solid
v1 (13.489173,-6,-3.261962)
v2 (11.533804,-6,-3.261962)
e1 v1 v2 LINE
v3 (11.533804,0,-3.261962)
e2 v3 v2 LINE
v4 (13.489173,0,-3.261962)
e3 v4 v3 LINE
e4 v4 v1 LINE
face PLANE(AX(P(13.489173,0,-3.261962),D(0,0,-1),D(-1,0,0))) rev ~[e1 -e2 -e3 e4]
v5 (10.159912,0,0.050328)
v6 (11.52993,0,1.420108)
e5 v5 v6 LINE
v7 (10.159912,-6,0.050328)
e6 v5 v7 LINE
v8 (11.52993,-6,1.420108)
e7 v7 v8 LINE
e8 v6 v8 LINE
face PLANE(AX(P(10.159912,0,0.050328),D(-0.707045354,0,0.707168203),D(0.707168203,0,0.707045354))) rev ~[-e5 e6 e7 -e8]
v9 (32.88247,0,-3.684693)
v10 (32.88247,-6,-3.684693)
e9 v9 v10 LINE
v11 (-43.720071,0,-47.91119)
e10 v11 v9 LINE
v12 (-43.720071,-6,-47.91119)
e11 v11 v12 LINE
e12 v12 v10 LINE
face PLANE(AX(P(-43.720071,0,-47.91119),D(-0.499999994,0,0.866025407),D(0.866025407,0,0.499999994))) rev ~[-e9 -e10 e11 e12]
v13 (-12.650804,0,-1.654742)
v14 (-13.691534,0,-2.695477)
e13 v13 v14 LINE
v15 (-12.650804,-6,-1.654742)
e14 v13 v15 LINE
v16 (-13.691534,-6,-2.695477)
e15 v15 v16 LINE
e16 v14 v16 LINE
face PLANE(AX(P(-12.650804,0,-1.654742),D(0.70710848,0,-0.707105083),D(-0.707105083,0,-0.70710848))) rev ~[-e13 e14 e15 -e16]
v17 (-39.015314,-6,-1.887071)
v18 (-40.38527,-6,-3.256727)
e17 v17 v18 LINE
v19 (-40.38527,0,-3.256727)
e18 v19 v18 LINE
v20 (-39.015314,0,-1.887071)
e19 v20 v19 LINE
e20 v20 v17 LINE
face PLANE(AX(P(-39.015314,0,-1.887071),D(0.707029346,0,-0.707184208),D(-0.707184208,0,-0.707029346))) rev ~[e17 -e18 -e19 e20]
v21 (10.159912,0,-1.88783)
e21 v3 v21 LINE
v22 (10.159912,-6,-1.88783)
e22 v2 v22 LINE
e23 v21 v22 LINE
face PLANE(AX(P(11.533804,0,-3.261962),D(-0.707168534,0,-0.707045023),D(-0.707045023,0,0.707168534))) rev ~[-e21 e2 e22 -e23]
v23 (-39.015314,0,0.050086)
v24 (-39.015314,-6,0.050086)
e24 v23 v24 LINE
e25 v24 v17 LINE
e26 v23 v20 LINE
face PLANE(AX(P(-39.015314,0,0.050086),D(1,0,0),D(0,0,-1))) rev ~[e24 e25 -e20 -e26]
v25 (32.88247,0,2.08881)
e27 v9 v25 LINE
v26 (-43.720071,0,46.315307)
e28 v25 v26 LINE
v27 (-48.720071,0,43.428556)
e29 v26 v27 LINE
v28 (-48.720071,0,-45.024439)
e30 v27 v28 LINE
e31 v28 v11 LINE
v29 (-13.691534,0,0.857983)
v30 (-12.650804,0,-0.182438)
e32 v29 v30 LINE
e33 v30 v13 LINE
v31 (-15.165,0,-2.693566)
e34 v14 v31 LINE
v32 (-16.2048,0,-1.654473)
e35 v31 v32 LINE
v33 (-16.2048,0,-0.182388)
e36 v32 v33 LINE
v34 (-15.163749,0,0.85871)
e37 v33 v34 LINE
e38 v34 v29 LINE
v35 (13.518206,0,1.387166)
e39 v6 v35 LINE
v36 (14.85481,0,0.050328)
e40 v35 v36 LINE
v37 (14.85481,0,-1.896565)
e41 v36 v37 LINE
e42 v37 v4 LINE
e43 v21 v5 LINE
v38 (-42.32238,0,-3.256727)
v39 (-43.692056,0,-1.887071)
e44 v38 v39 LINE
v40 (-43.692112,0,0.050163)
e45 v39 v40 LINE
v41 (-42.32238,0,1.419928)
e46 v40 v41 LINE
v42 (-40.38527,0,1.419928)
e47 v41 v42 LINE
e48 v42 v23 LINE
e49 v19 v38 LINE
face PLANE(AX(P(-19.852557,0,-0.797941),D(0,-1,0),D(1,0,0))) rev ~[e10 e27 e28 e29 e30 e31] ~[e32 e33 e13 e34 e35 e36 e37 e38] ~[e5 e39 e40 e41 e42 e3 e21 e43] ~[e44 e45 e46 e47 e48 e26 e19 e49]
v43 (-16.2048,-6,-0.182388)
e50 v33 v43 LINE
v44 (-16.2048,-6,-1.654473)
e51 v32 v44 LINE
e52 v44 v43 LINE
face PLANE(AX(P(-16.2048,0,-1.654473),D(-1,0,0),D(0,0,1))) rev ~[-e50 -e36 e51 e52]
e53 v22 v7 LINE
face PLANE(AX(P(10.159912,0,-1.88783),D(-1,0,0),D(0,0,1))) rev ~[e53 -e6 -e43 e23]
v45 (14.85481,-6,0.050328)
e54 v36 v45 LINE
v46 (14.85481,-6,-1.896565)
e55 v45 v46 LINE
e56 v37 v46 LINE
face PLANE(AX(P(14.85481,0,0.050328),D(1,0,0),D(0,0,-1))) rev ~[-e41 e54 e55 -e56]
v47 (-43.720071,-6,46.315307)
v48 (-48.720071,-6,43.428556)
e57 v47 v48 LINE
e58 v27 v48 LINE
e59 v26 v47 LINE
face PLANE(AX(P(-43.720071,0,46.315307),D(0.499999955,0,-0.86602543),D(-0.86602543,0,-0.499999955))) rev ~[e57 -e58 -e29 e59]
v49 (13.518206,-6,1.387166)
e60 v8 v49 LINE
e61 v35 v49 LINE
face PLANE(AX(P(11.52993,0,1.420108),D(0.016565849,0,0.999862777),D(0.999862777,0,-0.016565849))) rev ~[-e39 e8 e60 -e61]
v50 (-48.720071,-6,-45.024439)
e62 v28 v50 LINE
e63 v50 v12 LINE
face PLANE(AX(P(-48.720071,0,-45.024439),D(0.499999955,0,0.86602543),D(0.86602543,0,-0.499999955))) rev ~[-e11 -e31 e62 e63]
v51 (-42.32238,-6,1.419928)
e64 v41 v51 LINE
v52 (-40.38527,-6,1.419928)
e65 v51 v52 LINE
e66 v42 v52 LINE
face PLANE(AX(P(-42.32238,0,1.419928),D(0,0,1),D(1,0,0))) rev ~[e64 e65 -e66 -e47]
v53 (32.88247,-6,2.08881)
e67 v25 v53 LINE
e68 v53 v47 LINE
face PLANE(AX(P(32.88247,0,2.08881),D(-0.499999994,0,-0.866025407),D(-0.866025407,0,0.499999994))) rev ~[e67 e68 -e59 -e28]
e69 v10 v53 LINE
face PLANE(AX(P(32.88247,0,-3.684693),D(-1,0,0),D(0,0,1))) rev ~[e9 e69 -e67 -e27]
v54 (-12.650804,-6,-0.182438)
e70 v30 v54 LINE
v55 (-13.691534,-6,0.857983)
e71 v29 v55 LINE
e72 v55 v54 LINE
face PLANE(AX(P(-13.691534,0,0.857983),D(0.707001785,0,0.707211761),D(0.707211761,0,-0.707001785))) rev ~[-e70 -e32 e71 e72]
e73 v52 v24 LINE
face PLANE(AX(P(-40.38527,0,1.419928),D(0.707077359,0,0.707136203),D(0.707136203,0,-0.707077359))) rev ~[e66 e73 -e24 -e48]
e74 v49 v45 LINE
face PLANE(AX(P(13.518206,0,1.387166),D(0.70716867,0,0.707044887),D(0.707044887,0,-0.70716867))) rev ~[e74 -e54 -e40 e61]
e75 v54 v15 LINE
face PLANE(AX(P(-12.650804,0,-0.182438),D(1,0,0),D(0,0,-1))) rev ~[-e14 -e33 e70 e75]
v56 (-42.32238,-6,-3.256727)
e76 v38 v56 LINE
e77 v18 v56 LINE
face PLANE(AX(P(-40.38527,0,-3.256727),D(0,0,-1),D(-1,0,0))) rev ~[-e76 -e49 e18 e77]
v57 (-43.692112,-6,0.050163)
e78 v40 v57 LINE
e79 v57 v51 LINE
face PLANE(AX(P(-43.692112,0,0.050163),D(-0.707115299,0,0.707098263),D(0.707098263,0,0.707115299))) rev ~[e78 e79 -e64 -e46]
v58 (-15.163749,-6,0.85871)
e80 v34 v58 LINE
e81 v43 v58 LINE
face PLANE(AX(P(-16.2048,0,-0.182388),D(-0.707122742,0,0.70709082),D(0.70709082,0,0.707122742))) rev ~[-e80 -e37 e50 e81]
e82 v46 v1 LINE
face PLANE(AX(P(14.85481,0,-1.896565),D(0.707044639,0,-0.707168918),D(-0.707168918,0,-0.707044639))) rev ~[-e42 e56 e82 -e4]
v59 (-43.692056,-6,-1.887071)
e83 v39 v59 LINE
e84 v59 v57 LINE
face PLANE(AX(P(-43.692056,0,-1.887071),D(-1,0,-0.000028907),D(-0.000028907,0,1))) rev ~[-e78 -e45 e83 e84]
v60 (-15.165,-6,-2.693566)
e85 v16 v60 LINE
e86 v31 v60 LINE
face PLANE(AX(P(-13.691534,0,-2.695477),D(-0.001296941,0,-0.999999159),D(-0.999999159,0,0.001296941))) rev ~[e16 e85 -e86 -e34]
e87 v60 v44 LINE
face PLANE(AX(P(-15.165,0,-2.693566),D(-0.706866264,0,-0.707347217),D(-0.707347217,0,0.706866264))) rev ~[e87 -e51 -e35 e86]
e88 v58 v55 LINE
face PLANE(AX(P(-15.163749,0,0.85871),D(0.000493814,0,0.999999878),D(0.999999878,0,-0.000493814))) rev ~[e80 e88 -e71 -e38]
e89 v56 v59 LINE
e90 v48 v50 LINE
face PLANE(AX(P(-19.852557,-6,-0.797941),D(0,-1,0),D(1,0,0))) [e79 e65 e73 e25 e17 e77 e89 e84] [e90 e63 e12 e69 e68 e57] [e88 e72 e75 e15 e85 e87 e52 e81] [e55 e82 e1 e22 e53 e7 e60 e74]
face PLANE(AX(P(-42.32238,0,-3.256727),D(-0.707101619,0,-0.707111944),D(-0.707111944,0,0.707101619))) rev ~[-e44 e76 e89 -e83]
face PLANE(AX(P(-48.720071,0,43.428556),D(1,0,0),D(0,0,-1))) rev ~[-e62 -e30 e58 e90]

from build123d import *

# Parameters (mm, degrees)
F1_DEPTH = 6


with BuildPart() as f1:
    # F0 (on Front) → F1 (new body)
    with BuildSketch(Plane.XZ):
        Polygon((-48.720071, -45.024439), (-43.720071, -47.91119), (32.88247, -3.684693), (32.88247, 2.08881), (-43.720071, 46.315307), (-48.720071, 43.428556), align=None)
        Polygon((-43.692056, -1.887071), (-43.692112, 0.050163), (-42.32238, 1.419928), (-40.38527, 1.419928), (-39.015314, 0.050086), (-39.015314, -1.887071), (-40.38527, -3.256727), (-42.32238, -3.256727), align=None, mode=Mode.SUBTRACT)
        Polygon((-16.2048, -1.654473), (-16.2048, -0.182388), (-15.163749, 0.85871), (-13.691534, 0.857983), (-12.650804, -0.182438), (-12.650804, -1.654742), (-13.691534, -2.695477), (-15.165, -2.693566), align=None, mode=Mode.SUBTRACT)
        Polygon((10.159912, 0.050328), (11.52993, 1.420108), (13.518206, 1.387166), (14.85481, 0.050328), (14.85481, -1.896565), (13.489173, -3.261962), (11.533804, -3.261962), (10.159912, -1.88783), align=None, mode=Mode.SUBTRACT)
    extrude(amount=F1_DEPTH)


solid = f1.part
